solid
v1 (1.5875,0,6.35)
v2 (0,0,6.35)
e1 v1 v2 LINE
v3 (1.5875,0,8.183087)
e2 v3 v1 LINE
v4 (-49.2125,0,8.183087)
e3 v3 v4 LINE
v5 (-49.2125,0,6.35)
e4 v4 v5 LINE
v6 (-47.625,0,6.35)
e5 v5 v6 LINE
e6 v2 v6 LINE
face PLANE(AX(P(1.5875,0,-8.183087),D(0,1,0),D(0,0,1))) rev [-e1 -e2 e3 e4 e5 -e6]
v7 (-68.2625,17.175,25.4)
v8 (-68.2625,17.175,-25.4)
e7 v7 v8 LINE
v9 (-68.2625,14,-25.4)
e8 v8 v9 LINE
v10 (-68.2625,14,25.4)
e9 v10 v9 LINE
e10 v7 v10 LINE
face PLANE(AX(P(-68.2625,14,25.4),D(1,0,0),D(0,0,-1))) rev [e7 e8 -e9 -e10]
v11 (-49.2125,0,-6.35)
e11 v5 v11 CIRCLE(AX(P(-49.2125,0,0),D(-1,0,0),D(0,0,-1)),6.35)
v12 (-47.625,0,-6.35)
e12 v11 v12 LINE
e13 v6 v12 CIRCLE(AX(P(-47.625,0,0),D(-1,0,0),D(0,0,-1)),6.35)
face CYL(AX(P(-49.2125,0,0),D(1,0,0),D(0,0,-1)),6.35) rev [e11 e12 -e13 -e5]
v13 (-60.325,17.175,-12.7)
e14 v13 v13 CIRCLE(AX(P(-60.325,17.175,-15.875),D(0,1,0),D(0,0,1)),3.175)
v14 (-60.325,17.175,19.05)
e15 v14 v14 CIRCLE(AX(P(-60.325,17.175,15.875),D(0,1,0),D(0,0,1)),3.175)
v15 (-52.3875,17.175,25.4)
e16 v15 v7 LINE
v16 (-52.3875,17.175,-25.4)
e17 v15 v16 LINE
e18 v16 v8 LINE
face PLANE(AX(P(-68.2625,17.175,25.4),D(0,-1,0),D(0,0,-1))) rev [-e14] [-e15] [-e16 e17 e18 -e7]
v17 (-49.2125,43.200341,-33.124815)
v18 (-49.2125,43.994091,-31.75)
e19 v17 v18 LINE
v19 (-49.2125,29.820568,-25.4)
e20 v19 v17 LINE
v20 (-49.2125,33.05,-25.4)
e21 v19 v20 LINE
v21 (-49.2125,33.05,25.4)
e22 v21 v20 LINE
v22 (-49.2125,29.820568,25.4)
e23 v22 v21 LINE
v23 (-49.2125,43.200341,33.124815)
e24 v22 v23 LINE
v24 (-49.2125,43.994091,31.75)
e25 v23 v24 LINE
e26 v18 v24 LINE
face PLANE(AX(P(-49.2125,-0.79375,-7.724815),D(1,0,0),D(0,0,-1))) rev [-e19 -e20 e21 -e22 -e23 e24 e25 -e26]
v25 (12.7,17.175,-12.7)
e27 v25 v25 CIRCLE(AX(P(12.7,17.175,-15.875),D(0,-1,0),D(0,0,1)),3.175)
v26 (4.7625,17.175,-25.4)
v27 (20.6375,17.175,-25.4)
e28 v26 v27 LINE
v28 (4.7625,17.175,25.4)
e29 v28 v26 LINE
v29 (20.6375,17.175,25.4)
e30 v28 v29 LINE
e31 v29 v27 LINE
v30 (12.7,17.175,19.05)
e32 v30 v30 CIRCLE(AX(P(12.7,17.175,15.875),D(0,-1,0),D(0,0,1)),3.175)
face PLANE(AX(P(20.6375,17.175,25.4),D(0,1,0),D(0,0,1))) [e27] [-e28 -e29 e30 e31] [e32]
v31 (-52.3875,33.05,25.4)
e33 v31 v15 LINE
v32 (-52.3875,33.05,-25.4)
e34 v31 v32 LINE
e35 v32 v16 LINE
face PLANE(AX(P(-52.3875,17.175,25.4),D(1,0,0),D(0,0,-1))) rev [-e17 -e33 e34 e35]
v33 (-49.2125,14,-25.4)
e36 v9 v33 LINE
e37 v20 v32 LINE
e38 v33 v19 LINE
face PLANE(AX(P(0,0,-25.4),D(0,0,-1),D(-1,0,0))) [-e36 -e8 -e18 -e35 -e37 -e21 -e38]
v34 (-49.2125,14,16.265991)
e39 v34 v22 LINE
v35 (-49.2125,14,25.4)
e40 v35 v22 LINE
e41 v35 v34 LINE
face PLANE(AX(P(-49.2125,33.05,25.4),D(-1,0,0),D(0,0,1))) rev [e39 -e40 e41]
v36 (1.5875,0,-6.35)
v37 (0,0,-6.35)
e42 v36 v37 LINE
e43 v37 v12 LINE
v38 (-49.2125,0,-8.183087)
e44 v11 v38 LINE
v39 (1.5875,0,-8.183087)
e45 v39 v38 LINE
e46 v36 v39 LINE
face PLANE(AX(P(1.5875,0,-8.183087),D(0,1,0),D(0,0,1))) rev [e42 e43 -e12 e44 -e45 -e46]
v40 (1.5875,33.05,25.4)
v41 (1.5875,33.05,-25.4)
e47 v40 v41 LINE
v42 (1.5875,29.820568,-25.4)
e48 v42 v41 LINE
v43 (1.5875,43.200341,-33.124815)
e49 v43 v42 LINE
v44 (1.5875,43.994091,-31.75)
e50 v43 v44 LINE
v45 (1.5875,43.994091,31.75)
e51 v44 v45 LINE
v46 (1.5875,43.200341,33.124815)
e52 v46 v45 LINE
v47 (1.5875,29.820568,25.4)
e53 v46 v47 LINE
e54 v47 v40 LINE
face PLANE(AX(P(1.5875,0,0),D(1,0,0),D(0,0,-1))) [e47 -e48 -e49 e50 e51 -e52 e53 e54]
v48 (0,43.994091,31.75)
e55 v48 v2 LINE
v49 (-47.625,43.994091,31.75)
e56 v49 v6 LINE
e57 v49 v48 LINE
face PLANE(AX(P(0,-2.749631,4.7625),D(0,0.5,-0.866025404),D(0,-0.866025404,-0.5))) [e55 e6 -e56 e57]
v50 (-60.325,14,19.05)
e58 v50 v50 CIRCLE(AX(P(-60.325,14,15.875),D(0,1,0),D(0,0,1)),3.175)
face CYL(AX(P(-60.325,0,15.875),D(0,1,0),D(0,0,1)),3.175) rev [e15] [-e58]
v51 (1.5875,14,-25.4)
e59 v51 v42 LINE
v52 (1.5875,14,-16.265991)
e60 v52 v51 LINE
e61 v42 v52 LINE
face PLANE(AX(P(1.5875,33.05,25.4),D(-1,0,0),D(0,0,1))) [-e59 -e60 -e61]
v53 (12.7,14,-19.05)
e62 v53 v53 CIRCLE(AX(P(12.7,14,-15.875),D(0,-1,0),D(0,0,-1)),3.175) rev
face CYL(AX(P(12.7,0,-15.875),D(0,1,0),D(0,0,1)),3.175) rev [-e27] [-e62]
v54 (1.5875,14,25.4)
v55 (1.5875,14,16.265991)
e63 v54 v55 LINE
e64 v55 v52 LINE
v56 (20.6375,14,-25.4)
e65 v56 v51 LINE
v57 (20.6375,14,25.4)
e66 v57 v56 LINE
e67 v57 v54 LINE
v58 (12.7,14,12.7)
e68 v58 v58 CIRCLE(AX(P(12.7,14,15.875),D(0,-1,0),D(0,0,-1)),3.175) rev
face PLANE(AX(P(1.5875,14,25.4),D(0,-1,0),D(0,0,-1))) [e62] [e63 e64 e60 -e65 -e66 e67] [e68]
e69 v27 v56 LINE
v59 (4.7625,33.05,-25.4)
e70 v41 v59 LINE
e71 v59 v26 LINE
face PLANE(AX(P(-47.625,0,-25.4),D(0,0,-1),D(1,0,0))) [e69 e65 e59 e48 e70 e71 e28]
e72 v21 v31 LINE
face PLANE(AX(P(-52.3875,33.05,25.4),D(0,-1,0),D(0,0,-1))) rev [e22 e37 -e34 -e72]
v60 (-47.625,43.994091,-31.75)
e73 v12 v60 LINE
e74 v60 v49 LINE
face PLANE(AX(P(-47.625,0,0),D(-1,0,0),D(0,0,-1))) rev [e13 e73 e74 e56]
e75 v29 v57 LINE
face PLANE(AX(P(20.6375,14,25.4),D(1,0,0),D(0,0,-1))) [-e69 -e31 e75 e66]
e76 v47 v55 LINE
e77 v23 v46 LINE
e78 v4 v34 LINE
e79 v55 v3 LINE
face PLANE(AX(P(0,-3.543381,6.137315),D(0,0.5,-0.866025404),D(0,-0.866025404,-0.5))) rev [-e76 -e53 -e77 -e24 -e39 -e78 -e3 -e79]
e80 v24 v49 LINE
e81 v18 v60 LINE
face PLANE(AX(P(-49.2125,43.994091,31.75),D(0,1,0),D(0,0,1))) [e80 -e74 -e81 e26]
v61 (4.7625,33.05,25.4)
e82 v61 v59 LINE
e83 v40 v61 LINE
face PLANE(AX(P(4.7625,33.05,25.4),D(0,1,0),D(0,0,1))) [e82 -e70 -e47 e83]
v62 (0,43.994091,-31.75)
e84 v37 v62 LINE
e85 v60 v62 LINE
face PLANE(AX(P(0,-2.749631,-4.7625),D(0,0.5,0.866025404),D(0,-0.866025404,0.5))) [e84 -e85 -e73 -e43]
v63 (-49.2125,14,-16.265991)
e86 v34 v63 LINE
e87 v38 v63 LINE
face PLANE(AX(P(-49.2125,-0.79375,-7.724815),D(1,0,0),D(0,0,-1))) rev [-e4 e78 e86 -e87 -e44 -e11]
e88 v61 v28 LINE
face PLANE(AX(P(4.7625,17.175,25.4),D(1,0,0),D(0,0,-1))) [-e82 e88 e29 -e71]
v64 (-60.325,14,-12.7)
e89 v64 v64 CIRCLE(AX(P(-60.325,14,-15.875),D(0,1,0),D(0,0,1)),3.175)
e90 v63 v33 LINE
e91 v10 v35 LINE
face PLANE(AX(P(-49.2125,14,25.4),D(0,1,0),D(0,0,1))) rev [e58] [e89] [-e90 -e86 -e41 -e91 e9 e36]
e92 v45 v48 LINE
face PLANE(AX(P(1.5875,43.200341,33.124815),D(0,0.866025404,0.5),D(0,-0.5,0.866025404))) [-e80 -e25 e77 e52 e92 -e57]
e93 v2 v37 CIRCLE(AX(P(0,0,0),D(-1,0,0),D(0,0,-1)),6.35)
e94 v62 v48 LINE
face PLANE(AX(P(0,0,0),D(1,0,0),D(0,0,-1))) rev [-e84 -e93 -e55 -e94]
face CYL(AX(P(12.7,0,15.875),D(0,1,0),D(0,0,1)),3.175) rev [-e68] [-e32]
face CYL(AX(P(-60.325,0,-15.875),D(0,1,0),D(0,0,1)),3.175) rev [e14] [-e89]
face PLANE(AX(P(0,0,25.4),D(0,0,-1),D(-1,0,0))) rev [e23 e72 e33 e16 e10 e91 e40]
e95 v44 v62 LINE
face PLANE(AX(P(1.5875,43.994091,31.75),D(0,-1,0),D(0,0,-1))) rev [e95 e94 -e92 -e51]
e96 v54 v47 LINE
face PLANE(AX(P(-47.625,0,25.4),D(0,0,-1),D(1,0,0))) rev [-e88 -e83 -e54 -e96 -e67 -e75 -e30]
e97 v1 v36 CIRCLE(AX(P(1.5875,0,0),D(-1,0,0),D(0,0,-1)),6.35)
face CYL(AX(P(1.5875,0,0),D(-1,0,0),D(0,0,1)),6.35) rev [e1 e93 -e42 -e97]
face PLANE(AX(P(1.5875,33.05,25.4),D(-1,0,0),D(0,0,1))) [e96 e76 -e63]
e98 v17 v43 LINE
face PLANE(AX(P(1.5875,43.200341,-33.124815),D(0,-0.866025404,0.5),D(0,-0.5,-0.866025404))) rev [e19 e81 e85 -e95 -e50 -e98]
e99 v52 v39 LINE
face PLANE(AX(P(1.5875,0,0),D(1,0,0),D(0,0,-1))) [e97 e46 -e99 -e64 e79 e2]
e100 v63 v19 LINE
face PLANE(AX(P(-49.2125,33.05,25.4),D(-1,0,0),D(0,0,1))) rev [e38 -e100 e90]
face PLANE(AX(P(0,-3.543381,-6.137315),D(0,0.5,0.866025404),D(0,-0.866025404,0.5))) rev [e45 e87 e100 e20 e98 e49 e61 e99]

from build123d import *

# Parameters (mm, degrees)
BOSS_EXTRUDE1_DEPTH = 1.5875
SKETCH2_W           = 50.8
SKETCH2_H           = 50.8
BOSS_EXTRUDE2_DEPTH = 1.5875
SKETCH3_W           = 16.36617421
SKETCH3_H           = 0.79375
CUT_EXTRUDE1_DEPTH  = 75.922449176
BOSS_EXTRUDE3_DEPTH = 25.4
SKETCH6_R           = 3.175
CUT_EXTRUDE3_DEPTH  = 81.475374573


with BuildPart() as part:
    # Sketch1 → Boss-Extrude1 (new body)
    with BuildSketch(Plane(origin=(0, 0, 0), x_dir=(0, 0, -1), z_dir=(1, 0, 0))):
        with BuildLine():
            Line((-6.35, 0), (-31.75, 43.994090512))
            Line((-31.75, 43.994090512), (31.75, 43.994090512))
            Line((31.75, 43.994090512), (6.35, 0))
            ThreePointArc((6.35, 0), (0, 6.35), (-6.35, 0))
        make_face()
    boss_extrude1 = extrude(amount=BOSS_EXTRUDE1_DEPTH)

    # Sketch2 → Boss-Extrude2 (add)
    with BuildSketch(Plane(origin=(0, -2.749630657, -4.7625), x_dir=(-1, 0, 0), z_dir=(0, -0.499999999999998, -0.8660254037844397))):
        with Locations((23.8125, 28.575)):
            Rectangle(SKETCH2_W, SKETCH2_H)
    boss_extrude2 = extrude(amount=BOSS_EXTRUDE2_DEPTH)

    # Mirror1: Boss-Extrude2 across plane
    add(boss_extrude2.mirror(Plane.XY))

    # Mirror2: Boss-Extrude1 across plane
    add(boss_extrude1.mirror(Plane(origin=(-23.8125, 0, 0), x_dir=(0, 0, 1), z_dir=(1, 0, 0))))

    # Sketch3 → Cut-Extrude1 (cut, through all)
    with BuildSketch(Plane.ZY.offset(49.2125)):
        with Locations((0, -0.396875)):
            Rectangle(SKETCH3_W, SKETCH3_H)
    extrude(amount=-CUT_EXTRUDE1_DEPTH, mode=Mode.SUBTRACT)

    # Sketch4 → Boss-Extrude3 (add, symmetric)
    with BuildSketch(Plane.XY):
        Polygon((-49.2125, 33.05), (-49.2125, 14), (-68.2625, 14), (-68.2625, 17.175), (-52.3875, 17.175), (-52.3875, 33.05), align=None)
    boss_extrude3 = extrude(amount=BOSS_EXTRUDE3_DEPTH, both=True)

    # Sketch6 → Cut-Extrude3 (cut, through all)
    with BuildSketch(Plane(origin=(0, 17.175, 0), x_dir=(1, 0, 0), z_dir=(0, 1, 0))):
        with Locations(Location((-60.325, 15.875, 0), (0, 0, 270))):
            Circle(SKETCH6_R)
        with Locations(Location((-60.325, -15.875, 0), (0, 0, 270))):
            Circle(SKETCH6_R)
    cut_extrude3 = extrude(amount=-CUT_EXTRUDE3_DEPTH, mode=Mode.SUBTRACT)

    # Mirror3: Boss-Extrude3, Cut-Extrude3 across plane
    add(boss_extrude3.mirror(Plane(origin=(-23.8125, 0, 0), x_dir=(0, 0, 1), z_dir=(1, 0, 0))))
    add(cut_extrude3.mirror(Plane(origin=(-23.8125, 0, 0), x_dir=(0, 0, 1), z_dir=(1, 0, 0))), mode=Mode.SUBTRACT)


solid = part.part
